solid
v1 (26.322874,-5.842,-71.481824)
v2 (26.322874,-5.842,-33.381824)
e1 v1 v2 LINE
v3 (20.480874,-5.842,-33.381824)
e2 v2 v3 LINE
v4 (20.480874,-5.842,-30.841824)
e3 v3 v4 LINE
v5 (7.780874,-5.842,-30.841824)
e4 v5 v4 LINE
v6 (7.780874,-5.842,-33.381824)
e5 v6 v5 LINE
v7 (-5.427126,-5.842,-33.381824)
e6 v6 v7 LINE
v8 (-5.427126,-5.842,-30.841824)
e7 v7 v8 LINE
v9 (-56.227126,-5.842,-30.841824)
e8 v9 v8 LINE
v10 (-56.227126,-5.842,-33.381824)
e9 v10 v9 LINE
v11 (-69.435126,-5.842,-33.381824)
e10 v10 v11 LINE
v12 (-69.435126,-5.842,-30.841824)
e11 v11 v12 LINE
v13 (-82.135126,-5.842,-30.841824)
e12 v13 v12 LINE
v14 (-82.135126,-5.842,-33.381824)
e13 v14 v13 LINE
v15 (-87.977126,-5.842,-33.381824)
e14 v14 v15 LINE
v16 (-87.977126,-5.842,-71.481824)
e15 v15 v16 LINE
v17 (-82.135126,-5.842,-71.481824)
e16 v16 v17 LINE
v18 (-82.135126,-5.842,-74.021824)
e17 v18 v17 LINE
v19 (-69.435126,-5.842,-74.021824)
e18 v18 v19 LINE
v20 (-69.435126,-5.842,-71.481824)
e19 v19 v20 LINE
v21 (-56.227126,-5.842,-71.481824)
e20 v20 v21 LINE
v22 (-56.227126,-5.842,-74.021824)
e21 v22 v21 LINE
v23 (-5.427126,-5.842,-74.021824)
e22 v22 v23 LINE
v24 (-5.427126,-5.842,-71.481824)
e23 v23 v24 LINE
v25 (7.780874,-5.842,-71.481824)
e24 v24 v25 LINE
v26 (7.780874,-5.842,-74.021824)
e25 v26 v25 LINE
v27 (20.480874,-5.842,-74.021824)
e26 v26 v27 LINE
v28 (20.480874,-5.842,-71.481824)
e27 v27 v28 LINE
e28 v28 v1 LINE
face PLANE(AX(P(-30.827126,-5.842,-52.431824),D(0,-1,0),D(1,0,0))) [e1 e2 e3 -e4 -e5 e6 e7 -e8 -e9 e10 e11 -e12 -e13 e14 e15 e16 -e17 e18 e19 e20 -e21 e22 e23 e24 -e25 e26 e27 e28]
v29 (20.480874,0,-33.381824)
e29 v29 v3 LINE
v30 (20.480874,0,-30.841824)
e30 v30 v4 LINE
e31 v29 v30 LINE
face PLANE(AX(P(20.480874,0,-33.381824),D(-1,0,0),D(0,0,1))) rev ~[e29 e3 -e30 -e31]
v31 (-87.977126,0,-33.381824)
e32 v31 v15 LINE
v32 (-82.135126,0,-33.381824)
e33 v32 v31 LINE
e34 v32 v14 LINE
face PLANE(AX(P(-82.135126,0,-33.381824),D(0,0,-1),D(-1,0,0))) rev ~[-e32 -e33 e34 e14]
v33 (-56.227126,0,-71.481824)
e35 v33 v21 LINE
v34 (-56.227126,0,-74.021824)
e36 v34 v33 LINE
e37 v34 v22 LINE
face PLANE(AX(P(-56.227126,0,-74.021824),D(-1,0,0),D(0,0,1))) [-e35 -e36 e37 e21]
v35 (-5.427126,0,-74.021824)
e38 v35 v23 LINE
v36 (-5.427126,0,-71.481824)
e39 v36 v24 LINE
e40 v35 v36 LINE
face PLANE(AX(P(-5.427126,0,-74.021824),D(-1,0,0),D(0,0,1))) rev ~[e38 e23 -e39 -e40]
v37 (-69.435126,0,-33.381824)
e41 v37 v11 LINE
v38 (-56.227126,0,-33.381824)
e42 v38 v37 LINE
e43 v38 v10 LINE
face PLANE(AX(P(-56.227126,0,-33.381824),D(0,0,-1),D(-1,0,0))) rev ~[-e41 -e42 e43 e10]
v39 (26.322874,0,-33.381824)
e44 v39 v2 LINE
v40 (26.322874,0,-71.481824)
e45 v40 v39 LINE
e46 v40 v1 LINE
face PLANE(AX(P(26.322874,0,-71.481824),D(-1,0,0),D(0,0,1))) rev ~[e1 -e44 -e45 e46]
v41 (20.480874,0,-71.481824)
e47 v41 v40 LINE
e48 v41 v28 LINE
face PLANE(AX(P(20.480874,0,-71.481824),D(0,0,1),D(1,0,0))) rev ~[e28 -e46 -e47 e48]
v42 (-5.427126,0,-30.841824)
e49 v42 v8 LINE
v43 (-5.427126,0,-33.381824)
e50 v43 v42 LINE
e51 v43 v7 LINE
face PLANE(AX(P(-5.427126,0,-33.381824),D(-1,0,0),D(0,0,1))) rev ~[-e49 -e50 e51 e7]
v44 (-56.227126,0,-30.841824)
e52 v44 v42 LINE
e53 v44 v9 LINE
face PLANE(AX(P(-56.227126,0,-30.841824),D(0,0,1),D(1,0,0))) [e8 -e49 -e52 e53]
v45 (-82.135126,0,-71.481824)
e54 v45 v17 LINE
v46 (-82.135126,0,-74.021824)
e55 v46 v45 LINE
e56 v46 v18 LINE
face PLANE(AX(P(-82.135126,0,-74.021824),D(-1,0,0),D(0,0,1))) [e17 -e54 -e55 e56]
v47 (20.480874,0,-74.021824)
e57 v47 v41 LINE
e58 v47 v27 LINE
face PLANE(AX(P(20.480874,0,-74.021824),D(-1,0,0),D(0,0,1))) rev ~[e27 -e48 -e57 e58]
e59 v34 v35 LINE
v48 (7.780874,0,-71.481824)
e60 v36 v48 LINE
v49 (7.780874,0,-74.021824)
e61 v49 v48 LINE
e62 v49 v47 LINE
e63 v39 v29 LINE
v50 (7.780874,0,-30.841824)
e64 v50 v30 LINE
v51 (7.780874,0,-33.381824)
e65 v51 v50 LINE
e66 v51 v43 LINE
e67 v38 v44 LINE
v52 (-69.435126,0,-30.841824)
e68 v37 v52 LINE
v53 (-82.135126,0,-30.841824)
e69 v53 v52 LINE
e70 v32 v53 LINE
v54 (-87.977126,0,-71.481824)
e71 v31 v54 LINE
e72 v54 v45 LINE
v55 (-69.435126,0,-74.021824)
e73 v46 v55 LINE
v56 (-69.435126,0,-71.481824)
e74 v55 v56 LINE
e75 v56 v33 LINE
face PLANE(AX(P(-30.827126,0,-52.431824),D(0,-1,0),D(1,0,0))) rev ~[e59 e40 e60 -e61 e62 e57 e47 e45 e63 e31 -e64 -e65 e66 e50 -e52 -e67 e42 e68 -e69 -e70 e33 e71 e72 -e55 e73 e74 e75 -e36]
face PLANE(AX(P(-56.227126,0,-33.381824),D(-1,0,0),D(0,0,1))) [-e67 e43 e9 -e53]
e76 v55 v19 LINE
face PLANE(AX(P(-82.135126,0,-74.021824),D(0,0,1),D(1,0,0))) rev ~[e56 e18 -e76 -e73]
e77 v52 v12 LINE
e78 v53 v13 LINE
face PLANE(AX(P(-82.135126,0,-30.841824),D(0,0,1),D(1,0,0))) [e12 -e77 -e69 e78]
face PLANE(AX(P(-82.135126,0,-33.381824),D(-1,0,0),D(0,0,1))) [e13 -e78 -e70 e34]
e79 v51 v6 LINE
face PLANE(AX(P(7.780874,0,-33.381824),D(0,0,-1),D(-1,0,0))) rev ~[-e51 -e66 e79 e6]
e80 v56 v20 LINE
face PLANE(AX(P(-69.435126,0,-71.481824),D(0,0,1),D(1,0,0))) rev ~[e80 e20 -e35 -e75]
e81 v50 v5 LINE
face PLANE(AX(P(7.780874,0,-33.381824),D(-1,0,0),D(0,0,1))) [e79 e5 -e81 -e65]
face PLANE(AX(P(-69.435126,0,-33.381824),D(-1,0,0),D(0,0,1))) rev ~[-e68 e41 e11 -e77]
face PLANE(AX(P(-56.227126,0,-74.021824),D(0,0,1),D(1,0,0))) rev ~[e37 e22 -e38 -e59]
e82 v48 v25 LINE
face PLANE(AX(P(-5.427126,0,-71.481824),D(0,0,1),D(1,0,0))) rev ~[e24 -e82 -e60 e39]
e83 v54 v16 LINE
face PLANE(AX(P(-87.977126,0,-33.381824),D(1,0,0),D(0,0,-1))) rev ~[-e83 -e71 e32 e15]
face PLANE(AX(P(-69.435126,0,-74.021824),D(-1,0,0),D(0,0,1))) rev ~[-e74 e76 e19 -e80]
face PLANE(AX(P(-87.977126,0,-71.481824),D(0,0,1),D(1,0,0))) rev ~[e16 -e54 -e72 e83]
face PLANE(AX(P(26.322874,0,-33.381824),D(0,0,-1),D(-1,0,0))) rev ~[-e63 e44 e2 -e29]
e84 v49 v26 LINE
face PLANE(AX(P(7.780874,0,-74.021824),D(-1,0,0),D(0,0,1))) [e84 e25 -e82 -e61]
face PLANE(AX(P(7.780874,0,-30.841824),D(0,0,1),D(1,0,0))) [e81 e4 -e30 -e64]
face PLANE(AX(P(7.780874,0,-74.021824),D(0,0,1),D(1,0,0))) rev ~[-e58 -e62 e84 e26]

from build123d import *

# Parameters (mm, degrees)
F0_W     = 50.8
F0_H     = 2.54
F0_W_2   = 12.7
F1_DEPTH = 5.842


with BuildPart() as f1:
    # F0 (on Front) → F1 (new body)
    with BuildSketch(Plane.XZ):
        Polygon((-82.135126, -33.381824), (-87.977126, -33.381824), (-87.977126, -71.481824), (-82.135126, -71.481824), (-69.435126, -71.481824), (-56.227126, -71.481824), (-5.427126, -71.481824), (7.780874, -71.481824), (20.480874, -71.481824), (26.322874, -71.481824), (26.322874, -33.381824), (20.480874, -33.381824), (7.780874, -33.381824), (-5.427126, -33.381824), (-56.227126, -33.381824), (-69.435126, -33.381824), align=None)
        with Locations((-30.827126, -32.111824)):
            Rectangle(F0_W, F0_H)
        with Locations((-30.827126, -72.751824)):
            Rectangle(F0_W, F0_H)
        with Locations((-75.785126, -32.111824)):
            Rectangle(F0_W_2, F0_H)
        with Locations((-75.785126, -72.751824)):
            Rectangle(F0_W_2, F0_H)
        with Locations((14.130874, -32.111824)):
            Rectangle(F0_W_2, F0_H)
        with Locations((14.130874, -72.751824)):
            Rectangle(F0_W_2, F0_H)
    extrude(amount=F1_DEPTH)


solid = f1.part
